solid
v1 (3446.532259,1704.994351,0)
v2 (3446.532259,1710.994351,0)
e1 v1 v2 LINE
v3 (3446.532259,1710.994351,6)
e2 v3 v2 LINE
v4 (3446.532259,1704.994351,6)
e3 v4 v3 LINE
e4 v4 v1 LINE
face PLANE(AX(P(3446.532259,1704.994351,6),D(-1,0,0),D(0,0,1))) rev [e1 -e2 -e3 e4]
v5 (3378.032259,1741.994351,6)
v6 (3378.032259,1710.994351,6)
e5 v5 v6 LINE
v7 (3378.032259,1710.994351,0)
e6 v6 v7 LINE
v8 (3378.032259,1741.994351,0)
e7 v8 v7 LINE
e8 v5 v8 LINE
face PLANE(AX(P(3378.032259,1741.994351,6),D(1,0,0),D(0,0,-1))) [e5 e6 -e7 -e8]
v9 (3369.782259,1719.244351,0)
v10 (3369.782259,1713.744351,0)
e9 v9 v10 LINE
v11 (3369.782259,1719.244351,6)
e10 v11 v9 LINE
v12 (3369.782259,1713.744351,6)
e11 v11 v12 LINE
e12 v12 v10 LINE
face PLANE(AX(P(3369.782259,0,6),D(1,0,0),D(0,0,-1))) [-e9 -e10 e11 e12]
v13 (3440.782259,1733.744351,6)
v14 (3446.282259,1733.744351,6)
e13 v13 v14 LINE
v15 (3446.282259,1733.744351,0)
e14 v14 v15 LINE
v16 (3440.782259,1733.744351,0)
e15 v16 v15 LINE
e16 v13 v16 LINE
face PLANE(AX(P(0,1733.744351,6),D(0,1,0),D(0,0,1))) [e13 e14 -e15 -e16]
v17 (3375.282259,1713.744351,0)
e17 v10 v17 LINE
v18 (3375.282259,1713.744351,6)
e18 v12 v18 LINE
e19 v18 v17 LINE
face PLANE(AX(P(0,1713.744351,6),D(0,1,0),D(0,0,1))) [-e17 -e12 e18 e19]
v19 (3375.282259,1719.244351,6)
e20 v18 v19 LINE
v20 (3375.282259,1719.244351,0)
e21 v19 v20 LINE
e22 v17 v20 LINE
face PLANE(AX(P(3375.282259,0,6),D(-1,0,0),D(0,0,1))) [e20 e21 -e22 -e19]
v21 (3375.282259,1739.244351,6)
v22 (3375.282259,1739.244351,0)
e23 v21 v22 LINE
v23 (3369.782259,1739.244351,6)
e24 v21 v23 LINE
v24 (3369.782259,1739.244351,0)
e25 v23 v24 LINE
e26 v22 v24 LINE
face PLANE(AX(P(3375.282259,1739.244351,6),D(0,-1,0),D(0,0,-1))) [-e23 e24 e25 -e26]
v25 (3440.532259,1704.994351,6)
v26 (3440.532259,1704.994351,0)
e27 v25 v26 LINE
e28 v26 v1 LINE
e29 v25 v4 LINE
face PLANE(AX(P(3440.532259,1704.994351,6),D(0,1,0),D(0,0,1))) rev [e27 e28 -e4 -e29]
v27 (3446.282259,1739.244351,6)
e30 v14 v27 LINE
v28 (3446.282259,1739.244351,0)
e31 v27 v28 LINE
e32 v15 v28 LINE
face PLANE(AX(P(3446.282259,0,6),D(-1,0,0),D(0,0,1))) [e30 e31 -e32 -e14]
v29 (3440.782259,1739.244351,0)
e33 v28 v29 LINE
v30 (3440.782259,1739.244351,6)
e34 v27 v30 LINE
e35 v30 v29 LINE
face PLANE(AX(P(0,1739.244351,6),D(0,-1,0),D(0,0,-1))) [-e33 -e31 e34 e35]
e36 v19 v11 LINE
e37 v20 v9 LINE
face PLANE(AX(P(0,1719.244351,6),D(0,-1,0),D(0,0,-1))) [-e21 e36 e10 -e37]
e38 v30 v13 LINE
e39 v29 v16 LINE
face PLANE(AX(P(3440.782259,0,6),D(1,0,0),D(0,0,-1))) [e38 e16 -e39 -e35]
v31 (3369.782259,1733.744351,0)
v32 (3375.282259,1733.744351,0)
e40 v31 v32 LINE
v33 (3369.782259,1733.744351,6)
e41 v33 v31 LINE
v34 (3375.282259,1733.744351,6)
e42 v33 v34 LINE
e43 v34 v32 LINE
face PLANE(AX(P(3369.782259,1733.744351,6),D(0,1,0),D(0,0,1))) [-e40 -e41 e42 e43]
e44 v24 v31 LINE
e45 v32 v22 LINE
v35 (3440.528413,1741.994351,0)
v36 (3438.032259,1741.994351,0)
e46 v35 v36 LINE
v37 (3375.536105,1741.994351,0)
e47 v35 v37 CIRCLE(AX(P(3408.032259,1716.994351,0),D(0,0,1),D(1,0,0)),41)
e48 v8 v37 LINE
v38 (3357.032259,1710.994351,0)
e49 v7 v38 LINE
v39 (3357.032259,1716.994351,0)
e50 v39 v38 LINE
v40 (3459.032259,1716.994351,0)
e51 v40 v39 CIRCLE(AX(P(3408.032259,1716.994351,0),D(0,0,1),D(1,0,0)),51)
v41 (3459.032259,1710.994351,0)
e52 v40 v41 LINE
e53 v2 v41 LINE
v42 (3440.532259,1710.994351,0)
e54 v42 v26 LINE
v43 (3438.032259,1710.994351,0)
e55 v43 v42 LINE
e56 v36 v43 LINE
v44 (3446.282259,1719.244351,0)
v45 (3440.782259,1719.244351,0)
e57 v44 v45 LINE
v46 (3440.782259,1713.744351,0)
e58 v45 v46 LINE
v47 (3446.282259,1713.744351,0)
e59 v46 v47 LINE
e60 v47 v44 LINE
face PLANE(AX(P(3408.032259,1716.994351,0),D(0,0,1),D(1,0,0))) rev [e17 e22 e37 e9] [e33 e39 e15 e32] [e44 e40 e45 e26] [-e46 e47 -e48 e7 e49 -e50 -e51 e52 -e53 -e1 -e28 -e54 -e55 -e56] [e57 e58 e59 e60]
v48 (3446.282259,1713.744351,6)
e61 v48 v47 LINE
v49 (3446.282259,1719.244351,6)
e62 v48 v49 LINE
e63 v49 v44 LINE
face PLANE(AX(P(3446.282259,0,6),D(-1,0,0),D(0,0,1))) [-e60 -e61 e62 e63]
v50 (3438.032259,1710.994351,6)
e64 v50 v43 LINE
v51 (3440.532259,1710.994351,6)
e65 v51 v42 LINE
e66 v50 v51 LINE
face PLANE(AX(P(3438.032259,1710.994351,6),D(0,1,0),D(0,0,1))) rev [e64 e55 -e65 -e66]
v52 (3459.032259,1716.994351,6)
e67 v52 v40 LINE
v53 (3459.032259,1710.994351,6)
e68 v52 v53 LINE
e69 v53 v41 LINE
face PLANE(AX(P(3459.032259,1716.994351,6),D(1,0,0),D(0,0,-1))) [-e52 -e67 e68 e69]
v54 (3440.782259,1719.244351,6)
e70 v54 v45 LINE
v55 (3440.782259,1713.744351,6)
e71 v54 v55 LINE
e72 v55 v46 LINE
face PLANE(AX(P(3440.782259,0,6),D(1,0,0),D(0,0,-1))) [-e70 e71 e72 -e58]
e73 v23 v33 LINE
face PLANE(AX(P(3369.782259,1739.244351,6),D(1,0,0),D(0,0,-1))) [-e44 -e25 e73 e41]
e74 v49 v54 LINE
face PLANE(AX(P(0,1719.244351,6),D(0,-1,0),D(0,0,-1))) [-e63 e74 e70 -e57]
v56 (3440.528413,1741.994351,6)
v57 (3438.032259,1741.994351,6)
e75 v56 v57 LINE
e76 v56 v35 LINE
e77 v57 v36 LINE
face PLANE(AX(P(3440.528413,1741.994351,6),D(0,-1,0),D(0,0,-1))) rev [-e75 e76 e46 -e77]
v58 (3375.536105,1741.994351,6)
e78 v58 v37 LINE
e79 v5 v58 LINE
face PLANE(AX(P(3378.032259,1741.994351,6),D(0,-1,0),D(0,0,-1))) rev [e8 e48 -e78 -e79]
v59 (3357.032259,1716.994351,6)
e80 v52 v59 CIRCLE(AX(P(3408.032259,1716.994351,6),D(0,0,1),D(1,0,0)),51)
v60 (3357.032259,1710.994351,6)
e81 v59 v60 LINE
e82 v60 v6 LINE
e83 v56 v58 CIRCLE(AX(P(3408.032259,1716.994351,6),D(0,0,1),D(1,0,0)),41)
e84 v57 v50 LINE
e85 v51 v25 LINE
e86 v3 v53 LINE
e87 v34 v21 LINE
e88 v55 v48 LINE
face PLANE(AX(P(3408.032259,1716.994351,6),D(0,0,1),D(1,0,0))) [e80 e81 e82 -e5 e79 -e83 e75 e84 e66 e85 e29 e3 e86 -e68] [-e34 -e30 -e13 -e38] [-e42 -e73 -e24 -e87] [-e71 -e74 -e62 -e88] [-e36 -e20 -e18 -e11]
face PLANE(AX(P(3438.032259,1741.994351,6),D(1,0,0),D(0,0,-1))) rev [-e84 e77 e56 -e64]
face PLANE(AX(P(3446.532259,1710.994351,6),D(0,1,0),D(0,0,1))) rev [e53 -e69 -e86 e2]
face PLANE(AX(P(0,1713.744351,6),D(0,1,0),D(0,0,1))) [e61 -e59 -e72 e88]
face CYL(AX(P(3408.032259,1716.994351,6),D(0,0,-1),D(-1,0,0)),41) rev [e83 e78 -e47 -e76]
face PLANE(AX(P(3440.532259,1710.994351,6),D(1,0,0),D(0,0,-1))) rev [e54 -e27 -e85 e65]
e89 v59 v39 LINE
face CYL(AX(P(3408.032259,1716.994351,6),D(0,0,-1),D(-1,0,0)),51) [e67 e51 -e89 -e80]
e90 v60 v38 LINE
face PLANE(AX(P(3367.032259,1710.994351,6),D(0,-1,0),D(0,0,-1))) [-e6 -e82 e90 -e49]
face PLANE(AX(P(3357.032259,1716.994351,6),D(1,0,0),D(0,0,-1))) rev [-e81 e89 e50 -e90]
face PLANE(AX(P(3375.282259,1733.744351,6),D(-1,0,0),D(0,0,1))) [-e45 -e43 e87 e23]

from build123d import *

# Parameters (mm, degrees)
MODEL_W             = 5.5
MODEL_H             = 5.5
BOSS_EXTRUDE1_DEPTH = 6


with BuildPart() as part:
    # Model → Boss-Extrude1 (new body)
    with BuildSketch(Plane.XY):
        with BuildLine():
            Line((3357.032259061, 1716.994350869), (3357.032259061, 1710.994350869))
            Line((3357.032259061, 1710.994350869), (3367.032259061, 1710.994350869))
            Line((3367.032259061, 1710.994350869), (3378.032259061, 1710.994350869))
            Line((3378.032259061, 1710.994350869), (3378.032259061, 1741.994350869))
            Line((3378.032259061, 1741.994350869), (3375.536105442, 1741.994350869))
            ThreePointArc((3375.536105442, 1741.994350869), (3408.032259061, 1757.994350869), (3440.528412679, 1741.994350869))
            Line((3440.528412679, 1741.994350869), (3438.032259061, 1741.994350869))
            Line((3438.032259061, 1741.994350869), (3438.032259061, 1710.994350869))
            Line((3438.032259061, 1710.994350869), (3440.532259061, 1710.994350869))
            Line((3440.532259061, 1710.994350869), (3440.532259061, 1704.994350869))
            Line((3440.532259061, 1704.994350869), (3446.532259061, 1704.994350869))
            Line((3446.532259061, 1704.994350869), (3446.532259061, 1710.994350869))
            Line((3446.532259061, 1710.994350869), (3459.032259061, 1710.994350869))
            Line((3459.032259061, 1710.994350869), (3459.032259061, 1716.994350869))
            ThreePointArc((3459.032259061, 1716.994350869), (3408.032259061, 1767.994350869), (3357.032259061, 1716.994350869))
        make_face()
        with Locations((3443.532259061, 1716.494350869)):
            Rectangle(MODEL_W, MODEL_H, mode=Mode.SUBTRACT)
        with Locations((3443.532259061, 1736.494350869)):
            Rectangle(MODEL_W, MODEL_H, mode=Mode.SUBTRACT)
        with Locations((3372.532259061, 1716.494350869)):
            Rectangle(MODEL_W, MODEL_H, mode=Mode.SUBTRACT)
        with Locations((3372.532259061, 1736.494350869)):
            Rectangle(MODEL_W, MODEL_H, mode=Mode.SUBTRACT)
    extrude(amount=BOSS_EXTRUDE1_DEPTH)


solid = part.part
